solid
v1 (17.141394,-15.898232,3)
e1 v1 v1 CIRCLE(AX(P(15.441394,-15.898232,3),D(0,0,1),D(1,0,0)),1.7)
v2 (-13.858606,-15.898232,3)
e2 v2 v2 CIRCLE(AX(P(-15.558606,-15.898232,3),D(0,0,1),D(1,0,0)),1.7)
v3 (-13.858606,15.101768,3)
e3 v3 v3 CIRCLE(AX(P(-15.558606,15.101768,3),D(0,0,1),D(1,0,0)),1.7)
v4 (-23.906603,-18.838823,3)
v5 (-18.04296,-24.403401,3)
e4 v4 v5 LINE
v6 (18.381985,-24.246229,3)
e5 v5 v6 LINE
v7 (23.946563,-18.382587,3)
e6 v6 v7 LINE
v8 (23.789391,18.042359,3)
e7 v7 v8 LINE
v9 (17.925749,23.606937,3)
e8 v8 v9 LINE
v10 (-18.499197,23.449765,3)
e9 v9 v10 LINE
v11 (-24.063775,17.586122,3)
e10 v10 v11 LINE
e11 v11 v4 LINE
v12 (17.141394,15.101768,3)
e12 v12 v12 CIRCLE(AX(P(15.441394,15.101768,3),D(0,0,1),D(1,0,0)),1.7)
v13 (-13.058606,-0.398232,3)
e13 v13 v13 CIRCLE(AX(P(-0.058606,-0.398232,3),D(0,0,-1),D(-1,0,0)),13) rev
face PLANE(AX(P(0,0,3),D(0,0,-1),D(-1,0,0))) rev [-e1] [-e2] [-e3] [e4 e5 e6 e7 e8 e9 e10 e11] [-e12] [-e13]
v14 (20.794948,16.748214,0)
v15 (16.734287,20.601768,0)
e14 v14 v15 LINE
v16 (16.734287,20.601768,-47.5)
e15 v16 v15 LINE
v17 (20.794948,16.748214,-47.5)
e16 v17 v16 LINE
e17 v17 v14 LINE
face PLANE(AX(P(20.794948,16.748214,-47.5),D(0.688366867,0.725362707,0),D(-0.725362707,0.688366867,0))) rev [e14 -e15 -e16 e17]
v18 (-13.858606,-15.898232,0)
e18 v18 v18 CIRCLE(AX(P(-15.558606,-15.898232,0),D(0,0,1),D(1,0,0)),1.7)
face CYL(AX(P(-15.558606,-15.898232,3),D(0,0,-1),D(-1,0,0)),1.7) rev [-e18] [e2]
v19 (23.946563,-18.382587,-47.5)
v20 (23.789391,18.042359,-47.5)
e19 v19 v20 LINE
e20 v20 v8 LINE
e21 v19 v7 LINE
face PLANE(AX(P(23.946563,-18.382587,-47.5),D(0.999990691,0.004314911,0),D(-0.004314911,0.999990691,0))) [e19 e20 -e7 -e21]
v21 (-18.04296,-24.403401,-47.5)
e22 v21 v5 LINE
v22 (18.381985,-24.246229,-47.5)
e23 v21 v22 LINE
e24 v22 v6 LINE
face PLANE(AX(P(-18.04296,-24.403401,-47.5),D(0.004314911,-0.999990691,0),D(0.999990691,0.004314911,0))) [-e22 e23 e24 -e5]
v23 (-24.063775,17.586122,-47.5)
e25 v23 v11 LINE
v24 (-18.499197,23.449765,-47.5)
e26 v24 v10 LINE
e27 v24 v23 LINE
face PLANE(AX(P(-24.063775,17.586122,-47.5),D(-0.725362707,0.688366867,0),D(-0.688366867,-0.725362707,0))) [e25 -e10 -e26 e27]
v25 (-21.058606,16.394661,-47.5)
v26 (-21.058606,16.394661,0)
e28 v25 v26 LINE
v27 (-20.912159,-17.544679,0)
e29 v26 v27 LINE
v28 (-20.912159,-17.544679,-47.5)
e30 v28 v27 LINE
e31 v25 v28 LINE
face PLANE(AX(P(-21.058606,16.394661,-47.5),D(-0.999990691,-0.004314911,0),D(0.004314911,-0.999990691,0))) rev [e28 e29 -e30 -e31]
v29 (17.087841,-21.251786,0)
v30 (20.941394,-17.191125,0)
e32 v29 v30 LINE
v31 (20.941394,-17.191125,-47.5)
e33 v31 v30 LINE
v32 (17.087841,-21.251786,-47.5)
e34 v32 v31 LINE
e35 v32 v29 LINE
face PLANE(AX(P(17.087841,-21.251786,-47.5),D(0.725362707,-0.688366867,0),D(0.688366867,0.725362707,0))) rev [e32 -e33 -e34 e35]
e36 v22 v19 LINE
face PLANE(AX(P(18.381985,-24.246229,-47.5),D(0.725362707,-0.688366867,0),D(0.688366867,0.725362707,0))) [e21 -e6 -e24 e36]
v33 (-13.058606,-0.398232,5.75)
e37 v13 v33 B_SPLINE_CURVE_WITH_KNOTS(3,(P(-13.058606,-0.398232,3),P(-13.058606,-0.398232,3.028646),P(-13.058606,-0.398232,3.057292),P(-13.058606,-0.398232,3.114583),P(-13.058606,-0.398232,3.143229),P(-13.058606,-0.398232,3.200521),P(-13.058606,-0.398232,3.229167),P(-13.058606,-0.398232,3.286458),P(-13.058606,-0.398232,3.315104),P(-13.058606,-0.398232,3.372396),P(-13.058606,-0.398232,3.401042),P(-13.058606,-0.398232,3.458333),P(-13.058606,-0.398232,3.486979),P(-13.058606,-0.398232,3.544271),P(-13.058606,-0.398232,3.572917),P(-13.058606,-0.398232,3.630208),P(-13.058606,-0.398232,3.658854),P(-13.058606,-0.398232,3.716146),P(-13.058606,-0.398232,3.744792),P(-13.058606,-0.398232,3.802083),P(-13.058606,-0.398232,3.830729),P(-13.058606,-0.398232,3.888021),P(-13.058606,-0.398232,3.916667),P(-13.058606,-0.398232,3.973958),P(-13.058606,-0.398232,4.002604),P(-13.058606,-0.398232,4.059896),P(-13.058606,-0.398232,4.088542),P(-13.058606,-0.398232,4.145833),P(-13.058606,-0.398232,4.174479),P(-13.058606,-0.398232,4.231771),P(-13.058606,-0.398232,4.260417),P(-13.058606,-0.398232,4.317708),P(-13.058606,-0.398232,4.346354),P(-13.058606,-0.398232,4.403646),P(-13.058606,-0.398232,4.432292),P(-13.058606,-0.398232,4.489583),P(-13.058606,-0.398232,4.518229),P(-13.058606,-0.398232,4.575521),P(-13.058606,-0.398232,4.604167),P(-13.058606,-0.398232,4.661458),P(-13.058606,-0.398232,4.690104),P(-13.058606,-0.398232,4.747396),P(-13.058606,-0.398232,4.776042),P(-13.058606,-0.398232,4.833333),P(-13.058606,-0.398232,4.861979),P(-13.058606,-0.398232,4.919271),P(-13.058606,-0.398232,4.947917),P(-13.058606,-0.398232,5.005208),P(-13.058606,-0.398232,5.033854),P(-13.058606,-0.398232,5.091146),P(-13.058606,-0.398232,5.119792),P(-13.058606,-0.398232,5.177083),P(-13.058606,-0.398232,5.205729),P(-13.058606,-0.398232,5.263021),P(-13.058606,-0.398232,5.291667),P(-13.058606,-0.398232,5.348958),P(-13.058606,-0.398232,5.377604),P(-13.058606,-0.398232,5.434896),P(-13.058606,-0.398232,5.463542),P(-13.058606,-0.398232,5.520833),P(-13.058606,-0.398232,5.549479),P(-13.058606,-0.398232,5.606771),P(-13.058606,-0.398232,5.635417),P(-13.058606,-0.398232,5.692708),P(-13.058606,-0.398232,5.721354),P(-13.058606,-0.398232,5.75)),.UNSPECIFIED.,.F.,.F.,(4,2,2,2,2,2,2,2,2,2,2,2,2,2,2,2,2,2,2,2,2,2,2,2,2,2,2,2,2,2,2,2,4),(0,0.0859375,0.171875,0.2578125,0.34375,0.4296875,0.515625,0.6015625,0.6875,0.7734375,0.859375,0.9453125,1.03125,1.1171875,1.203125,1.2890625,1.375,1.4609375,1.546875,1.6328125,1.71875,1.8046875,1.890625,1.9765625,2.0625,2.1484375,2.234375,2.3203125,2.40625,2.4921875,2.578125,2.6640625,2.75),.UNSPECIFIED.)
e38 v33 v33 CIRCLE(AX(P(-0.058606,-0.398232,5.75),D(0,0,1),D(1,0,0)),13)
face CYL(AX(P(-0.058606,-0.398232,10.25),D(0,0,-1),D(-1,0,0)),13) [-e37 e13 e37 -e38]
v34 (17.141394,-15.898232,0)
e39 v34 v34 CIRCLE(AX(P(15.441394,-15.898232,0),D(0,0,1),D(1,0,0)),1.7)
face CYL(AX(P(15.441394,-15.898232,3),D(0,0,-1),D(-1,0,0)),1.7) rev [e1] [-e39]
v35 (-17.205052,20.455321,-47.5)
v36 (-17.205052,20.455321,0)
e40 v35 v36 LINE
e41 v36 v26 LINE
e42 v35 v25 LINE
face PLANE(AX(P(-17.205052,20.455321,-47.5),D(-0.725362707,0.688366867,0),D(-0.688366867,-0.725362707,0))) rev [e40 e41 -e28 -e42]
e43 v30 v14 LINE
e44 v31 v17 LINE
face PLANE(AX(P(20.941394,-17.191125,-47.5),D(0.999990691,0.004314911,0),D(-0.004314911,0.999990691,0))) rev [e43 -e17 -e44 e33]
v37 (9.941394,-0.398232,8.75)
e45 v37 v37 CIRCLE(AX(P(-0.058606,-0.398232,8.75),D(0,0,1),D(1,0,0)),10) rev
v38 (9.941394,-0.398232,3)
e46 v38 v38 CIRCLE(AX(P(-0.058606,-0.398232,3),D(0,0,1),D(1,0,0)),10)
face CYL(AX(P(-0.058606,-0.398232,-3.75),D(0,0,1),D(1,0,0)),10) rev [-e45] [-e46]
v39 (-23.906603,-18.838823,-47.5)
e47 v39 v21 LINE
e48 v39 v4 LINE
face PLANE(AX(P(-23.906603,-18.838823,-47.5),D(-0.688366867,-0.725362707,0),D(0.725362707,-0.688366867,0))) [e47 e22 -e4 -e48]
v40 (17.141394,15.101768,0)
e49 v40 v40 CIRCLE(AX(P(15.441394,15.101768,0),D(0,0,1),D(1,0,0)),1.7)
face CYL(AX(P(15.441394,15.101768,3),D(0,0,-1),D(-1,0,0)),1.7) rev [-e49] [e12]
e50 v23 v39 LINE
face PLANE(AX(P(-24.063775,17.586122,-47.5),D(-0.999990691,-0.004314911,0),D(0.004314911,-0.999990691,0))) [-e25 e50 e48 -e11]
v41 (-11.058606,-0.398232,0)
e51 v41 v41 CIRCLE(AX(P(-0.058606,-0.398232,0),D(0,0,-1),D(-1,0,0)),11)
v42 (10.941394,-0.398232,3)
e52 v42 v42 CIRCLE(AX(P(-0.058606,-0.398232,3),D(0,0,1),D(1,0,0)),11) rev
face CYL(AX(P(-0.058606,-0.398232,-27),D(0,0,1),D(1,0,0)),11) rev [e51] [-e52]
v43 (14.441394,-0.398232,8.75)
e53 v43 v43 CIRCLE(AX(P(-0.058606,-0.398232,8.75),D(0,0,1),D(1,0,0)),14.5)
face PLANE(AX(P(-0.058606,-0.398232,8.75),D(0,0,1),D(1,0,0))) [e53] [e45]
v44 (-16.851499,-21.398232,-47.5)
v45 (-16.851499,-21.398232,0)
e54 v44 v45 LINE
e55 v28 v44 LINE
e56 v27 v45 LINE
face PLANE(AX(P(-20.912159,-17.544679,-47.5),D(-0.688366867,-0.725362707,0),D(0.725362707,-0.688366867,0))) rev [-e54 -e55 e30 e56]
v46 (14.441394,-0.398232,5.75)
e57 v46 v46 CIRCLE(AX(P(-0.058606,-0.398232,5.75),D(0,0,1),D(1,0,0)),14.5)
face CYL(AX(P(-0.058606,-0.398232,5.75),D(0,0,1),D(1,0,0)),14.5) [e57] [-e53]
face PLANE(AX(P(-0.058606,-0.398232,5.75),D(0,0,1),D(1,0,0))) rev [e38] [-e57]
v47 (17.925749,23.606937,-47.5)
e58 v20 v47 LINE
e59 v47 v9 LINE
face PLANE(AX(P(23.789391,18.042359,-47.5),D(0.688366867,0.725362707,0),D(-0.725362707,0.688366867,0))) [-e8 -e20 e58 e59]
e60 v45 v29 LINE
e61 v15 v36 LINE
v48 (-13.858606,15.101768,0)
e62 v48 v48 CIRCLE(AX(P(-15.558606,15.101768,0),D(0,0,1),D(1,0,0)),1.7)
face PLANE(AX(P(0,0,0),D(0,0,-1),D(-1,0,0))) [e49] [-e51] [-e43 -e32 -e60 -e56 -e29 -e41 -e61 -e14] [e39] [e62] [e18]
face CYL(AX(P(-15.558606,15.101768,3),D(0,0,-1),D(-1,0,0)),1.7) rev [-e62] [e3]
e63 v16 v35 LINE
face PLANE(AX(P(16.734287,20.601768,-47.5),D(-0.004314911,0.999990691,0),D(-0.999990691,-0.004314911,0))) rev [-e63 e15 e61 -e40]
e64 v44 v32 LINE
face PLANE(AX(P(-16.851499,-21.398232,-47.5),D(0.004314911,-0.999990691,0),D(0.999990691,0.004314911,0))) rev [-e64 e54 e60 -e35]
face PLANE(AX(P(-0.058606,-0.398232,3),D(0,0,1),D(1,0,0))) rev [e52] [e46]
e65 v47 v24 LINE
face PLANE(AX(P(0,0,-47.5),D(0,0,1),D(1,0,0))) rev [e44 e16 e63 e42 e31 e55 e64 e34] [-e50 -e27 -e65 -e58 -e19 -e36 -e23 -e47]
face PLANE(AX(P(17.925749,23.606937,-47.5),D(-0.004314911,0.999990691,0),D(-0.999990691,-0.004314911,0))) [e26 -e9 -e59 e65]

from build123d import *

# Parameters (mm, degrees)
CROQUIS1_R              = 1.7
SALIENTE_EXTRUIR1_DEPTH = 3
CROQUIS17_R             = 11
CORTAR_EXTRUIR7_DEPTH   = 30
CROQUIS19_R             = 13
SALIENTE_EXTRUIR3_DEPTH = 7.25
CROQUIS20_R             = 10
CORTAR_EXTRUIR8_DEPTH   = 14
CORTAR_EXTRUIR9_START   = -1.5
CROQUIS22_R             = 13
CORTAR_EXTRUIR9_DEPTH   = 1.5
SALIENTE_EXTRUIR4_START = -3
CROQUIS23_R             = 14.5
CROQUIS23_R_2           = 13
SALIENTE_EXTRUIR4_DEPTH = 3
SALIENTE_EXTRUIR6_DEPTH = 50.5


with BuildPart() as part:
    # Croquis1 → Saliente-Extruir1 (new body)
    with BuildSketch(Plane.XY):
        Polygon((-20.912159123, -17.544678887), (-21.058605733, 16.394660941), (-17.205052342, 20.455321113), (16.734287486, 20.601767722), (20.794947658, 16.748214331), (20.941394267, -17.191125497), (17.087840877, -21.251785669), (-16.851498951, -21.398232278), align=None)
        with Locations((-15.558605733, 15.101767722)):
            Circle(CROQUIS1_R, mode=Mode.SUBTRACT)
        with Locations((15.441394267, 15.101767722)):
            Circle(CROQUIS1_R, mode=Mode.SUBTRACT)
        with Locations((15.441394267, -15.898232278)):
            Circle(CROQUIS1_R, mode=Mode.SUBTRACT)
        with Locations((-15.558605733, -15.898232278)):
            Circle(CROQUIS1_R, mode=Mode.SUBTRACT)
    extrude(amount=SALIENTE_EXTRUIR1_DEPTH)

    # Croquis17 → Cortar-Extruir7 (cut)
    with BuildSketch(Plane.XY.offset(3)):
        with Locations((-0.058605733, -0.398232278)):
            Circle(CROQUIS17_R)
    extrude(amount=-CORTAR_EXTRUIR7_DEPTH, mode=Mode.SUBTRACT)

    # Croquis19 → Saliente-Extruir3 (add)
    with BuildSketch(Plane.XY.offset(3)):
        with Locations(Location((-0.058605733, -0.398232278, 0), (0, 0, 180))):
            Circle(CROQUIS19_R)
    extrude(amount=SALIENTE_EXTRUIR3_DEPTH)

    # Croquis20 → Cortar-Extruir8 (cut)
    with BuildSketch(Plane.XY.offset(10.25)):
        with Locations((-0.058605733, -0.398232278)):
            Circle(CROQUIS20_R)
    extrude(amount=-CORTAR_EXTRUIR8_DEPTH, mode=Mode.SUBTRACT)

    # Croquis22 → Cortar-Extruir9 (cut)
    with BuildSketch(Plane.XY.offset(10.25).offset(CORTAR_EXTRUIR9_START)):
        with Locations(Location((-0.058605733, -0.398232278, 0), (0, 0, 180))):
            Circle(CROQUIS22_R)
    extrude(amount=CORTAR_EXTRUIR9_DEPTH, mode=Mode.SUBTRACT)

    # Croquis23 → Saliente-Extruir4 (add)
    with BuildSketch(Plane.XY.offset(8.75).offset(SALIENTE_EXTRUIR4_START)):
        with Locations((-0.058605733, -0.398232278)):
            Circle(CROQUIS23_R)
        with Locations(Location((-0.058605733, -0.398232278, 0), (0, 0, 180))):
            Circle(CROQUIS23_R_2, mode=Mode.SUBTRACT)
    extrude(amount=SALIENTE_EXTRUIR4_DEPTH)

    # Croquis25 → Saliente-Extruir6 (add)
    with BuildSketch(Plane.XY.offset(3)):
        Polygon((-24.063774758, 17.586122209), (-18.499196808, 23.44976487), (17.925748755, 23.606936748), (23.789391415, 18.042358797), (23.946563293, -18.382586765), (18.381985343, -24.246229426), (-18.04296022, -24.403401304), (-23.906602881, -18.838823353), align=None)
        Polygon((-20.912159123, -17.544678887), (-16.851498951, -21.398232278), (17.087840877, -21.251785669), (20.941394267, -17.191125497), (20.794947658, 16.748214331), (16.734287486, 20.601767722), (-17.205052342, 20.455321113), (-21.058605733, 16.394660941), align=None, mode=Mode.SUBTRACT)
    extrude(amount=-SALIENTE_EXTRUIR6_DEPTH)


solid = part.part
